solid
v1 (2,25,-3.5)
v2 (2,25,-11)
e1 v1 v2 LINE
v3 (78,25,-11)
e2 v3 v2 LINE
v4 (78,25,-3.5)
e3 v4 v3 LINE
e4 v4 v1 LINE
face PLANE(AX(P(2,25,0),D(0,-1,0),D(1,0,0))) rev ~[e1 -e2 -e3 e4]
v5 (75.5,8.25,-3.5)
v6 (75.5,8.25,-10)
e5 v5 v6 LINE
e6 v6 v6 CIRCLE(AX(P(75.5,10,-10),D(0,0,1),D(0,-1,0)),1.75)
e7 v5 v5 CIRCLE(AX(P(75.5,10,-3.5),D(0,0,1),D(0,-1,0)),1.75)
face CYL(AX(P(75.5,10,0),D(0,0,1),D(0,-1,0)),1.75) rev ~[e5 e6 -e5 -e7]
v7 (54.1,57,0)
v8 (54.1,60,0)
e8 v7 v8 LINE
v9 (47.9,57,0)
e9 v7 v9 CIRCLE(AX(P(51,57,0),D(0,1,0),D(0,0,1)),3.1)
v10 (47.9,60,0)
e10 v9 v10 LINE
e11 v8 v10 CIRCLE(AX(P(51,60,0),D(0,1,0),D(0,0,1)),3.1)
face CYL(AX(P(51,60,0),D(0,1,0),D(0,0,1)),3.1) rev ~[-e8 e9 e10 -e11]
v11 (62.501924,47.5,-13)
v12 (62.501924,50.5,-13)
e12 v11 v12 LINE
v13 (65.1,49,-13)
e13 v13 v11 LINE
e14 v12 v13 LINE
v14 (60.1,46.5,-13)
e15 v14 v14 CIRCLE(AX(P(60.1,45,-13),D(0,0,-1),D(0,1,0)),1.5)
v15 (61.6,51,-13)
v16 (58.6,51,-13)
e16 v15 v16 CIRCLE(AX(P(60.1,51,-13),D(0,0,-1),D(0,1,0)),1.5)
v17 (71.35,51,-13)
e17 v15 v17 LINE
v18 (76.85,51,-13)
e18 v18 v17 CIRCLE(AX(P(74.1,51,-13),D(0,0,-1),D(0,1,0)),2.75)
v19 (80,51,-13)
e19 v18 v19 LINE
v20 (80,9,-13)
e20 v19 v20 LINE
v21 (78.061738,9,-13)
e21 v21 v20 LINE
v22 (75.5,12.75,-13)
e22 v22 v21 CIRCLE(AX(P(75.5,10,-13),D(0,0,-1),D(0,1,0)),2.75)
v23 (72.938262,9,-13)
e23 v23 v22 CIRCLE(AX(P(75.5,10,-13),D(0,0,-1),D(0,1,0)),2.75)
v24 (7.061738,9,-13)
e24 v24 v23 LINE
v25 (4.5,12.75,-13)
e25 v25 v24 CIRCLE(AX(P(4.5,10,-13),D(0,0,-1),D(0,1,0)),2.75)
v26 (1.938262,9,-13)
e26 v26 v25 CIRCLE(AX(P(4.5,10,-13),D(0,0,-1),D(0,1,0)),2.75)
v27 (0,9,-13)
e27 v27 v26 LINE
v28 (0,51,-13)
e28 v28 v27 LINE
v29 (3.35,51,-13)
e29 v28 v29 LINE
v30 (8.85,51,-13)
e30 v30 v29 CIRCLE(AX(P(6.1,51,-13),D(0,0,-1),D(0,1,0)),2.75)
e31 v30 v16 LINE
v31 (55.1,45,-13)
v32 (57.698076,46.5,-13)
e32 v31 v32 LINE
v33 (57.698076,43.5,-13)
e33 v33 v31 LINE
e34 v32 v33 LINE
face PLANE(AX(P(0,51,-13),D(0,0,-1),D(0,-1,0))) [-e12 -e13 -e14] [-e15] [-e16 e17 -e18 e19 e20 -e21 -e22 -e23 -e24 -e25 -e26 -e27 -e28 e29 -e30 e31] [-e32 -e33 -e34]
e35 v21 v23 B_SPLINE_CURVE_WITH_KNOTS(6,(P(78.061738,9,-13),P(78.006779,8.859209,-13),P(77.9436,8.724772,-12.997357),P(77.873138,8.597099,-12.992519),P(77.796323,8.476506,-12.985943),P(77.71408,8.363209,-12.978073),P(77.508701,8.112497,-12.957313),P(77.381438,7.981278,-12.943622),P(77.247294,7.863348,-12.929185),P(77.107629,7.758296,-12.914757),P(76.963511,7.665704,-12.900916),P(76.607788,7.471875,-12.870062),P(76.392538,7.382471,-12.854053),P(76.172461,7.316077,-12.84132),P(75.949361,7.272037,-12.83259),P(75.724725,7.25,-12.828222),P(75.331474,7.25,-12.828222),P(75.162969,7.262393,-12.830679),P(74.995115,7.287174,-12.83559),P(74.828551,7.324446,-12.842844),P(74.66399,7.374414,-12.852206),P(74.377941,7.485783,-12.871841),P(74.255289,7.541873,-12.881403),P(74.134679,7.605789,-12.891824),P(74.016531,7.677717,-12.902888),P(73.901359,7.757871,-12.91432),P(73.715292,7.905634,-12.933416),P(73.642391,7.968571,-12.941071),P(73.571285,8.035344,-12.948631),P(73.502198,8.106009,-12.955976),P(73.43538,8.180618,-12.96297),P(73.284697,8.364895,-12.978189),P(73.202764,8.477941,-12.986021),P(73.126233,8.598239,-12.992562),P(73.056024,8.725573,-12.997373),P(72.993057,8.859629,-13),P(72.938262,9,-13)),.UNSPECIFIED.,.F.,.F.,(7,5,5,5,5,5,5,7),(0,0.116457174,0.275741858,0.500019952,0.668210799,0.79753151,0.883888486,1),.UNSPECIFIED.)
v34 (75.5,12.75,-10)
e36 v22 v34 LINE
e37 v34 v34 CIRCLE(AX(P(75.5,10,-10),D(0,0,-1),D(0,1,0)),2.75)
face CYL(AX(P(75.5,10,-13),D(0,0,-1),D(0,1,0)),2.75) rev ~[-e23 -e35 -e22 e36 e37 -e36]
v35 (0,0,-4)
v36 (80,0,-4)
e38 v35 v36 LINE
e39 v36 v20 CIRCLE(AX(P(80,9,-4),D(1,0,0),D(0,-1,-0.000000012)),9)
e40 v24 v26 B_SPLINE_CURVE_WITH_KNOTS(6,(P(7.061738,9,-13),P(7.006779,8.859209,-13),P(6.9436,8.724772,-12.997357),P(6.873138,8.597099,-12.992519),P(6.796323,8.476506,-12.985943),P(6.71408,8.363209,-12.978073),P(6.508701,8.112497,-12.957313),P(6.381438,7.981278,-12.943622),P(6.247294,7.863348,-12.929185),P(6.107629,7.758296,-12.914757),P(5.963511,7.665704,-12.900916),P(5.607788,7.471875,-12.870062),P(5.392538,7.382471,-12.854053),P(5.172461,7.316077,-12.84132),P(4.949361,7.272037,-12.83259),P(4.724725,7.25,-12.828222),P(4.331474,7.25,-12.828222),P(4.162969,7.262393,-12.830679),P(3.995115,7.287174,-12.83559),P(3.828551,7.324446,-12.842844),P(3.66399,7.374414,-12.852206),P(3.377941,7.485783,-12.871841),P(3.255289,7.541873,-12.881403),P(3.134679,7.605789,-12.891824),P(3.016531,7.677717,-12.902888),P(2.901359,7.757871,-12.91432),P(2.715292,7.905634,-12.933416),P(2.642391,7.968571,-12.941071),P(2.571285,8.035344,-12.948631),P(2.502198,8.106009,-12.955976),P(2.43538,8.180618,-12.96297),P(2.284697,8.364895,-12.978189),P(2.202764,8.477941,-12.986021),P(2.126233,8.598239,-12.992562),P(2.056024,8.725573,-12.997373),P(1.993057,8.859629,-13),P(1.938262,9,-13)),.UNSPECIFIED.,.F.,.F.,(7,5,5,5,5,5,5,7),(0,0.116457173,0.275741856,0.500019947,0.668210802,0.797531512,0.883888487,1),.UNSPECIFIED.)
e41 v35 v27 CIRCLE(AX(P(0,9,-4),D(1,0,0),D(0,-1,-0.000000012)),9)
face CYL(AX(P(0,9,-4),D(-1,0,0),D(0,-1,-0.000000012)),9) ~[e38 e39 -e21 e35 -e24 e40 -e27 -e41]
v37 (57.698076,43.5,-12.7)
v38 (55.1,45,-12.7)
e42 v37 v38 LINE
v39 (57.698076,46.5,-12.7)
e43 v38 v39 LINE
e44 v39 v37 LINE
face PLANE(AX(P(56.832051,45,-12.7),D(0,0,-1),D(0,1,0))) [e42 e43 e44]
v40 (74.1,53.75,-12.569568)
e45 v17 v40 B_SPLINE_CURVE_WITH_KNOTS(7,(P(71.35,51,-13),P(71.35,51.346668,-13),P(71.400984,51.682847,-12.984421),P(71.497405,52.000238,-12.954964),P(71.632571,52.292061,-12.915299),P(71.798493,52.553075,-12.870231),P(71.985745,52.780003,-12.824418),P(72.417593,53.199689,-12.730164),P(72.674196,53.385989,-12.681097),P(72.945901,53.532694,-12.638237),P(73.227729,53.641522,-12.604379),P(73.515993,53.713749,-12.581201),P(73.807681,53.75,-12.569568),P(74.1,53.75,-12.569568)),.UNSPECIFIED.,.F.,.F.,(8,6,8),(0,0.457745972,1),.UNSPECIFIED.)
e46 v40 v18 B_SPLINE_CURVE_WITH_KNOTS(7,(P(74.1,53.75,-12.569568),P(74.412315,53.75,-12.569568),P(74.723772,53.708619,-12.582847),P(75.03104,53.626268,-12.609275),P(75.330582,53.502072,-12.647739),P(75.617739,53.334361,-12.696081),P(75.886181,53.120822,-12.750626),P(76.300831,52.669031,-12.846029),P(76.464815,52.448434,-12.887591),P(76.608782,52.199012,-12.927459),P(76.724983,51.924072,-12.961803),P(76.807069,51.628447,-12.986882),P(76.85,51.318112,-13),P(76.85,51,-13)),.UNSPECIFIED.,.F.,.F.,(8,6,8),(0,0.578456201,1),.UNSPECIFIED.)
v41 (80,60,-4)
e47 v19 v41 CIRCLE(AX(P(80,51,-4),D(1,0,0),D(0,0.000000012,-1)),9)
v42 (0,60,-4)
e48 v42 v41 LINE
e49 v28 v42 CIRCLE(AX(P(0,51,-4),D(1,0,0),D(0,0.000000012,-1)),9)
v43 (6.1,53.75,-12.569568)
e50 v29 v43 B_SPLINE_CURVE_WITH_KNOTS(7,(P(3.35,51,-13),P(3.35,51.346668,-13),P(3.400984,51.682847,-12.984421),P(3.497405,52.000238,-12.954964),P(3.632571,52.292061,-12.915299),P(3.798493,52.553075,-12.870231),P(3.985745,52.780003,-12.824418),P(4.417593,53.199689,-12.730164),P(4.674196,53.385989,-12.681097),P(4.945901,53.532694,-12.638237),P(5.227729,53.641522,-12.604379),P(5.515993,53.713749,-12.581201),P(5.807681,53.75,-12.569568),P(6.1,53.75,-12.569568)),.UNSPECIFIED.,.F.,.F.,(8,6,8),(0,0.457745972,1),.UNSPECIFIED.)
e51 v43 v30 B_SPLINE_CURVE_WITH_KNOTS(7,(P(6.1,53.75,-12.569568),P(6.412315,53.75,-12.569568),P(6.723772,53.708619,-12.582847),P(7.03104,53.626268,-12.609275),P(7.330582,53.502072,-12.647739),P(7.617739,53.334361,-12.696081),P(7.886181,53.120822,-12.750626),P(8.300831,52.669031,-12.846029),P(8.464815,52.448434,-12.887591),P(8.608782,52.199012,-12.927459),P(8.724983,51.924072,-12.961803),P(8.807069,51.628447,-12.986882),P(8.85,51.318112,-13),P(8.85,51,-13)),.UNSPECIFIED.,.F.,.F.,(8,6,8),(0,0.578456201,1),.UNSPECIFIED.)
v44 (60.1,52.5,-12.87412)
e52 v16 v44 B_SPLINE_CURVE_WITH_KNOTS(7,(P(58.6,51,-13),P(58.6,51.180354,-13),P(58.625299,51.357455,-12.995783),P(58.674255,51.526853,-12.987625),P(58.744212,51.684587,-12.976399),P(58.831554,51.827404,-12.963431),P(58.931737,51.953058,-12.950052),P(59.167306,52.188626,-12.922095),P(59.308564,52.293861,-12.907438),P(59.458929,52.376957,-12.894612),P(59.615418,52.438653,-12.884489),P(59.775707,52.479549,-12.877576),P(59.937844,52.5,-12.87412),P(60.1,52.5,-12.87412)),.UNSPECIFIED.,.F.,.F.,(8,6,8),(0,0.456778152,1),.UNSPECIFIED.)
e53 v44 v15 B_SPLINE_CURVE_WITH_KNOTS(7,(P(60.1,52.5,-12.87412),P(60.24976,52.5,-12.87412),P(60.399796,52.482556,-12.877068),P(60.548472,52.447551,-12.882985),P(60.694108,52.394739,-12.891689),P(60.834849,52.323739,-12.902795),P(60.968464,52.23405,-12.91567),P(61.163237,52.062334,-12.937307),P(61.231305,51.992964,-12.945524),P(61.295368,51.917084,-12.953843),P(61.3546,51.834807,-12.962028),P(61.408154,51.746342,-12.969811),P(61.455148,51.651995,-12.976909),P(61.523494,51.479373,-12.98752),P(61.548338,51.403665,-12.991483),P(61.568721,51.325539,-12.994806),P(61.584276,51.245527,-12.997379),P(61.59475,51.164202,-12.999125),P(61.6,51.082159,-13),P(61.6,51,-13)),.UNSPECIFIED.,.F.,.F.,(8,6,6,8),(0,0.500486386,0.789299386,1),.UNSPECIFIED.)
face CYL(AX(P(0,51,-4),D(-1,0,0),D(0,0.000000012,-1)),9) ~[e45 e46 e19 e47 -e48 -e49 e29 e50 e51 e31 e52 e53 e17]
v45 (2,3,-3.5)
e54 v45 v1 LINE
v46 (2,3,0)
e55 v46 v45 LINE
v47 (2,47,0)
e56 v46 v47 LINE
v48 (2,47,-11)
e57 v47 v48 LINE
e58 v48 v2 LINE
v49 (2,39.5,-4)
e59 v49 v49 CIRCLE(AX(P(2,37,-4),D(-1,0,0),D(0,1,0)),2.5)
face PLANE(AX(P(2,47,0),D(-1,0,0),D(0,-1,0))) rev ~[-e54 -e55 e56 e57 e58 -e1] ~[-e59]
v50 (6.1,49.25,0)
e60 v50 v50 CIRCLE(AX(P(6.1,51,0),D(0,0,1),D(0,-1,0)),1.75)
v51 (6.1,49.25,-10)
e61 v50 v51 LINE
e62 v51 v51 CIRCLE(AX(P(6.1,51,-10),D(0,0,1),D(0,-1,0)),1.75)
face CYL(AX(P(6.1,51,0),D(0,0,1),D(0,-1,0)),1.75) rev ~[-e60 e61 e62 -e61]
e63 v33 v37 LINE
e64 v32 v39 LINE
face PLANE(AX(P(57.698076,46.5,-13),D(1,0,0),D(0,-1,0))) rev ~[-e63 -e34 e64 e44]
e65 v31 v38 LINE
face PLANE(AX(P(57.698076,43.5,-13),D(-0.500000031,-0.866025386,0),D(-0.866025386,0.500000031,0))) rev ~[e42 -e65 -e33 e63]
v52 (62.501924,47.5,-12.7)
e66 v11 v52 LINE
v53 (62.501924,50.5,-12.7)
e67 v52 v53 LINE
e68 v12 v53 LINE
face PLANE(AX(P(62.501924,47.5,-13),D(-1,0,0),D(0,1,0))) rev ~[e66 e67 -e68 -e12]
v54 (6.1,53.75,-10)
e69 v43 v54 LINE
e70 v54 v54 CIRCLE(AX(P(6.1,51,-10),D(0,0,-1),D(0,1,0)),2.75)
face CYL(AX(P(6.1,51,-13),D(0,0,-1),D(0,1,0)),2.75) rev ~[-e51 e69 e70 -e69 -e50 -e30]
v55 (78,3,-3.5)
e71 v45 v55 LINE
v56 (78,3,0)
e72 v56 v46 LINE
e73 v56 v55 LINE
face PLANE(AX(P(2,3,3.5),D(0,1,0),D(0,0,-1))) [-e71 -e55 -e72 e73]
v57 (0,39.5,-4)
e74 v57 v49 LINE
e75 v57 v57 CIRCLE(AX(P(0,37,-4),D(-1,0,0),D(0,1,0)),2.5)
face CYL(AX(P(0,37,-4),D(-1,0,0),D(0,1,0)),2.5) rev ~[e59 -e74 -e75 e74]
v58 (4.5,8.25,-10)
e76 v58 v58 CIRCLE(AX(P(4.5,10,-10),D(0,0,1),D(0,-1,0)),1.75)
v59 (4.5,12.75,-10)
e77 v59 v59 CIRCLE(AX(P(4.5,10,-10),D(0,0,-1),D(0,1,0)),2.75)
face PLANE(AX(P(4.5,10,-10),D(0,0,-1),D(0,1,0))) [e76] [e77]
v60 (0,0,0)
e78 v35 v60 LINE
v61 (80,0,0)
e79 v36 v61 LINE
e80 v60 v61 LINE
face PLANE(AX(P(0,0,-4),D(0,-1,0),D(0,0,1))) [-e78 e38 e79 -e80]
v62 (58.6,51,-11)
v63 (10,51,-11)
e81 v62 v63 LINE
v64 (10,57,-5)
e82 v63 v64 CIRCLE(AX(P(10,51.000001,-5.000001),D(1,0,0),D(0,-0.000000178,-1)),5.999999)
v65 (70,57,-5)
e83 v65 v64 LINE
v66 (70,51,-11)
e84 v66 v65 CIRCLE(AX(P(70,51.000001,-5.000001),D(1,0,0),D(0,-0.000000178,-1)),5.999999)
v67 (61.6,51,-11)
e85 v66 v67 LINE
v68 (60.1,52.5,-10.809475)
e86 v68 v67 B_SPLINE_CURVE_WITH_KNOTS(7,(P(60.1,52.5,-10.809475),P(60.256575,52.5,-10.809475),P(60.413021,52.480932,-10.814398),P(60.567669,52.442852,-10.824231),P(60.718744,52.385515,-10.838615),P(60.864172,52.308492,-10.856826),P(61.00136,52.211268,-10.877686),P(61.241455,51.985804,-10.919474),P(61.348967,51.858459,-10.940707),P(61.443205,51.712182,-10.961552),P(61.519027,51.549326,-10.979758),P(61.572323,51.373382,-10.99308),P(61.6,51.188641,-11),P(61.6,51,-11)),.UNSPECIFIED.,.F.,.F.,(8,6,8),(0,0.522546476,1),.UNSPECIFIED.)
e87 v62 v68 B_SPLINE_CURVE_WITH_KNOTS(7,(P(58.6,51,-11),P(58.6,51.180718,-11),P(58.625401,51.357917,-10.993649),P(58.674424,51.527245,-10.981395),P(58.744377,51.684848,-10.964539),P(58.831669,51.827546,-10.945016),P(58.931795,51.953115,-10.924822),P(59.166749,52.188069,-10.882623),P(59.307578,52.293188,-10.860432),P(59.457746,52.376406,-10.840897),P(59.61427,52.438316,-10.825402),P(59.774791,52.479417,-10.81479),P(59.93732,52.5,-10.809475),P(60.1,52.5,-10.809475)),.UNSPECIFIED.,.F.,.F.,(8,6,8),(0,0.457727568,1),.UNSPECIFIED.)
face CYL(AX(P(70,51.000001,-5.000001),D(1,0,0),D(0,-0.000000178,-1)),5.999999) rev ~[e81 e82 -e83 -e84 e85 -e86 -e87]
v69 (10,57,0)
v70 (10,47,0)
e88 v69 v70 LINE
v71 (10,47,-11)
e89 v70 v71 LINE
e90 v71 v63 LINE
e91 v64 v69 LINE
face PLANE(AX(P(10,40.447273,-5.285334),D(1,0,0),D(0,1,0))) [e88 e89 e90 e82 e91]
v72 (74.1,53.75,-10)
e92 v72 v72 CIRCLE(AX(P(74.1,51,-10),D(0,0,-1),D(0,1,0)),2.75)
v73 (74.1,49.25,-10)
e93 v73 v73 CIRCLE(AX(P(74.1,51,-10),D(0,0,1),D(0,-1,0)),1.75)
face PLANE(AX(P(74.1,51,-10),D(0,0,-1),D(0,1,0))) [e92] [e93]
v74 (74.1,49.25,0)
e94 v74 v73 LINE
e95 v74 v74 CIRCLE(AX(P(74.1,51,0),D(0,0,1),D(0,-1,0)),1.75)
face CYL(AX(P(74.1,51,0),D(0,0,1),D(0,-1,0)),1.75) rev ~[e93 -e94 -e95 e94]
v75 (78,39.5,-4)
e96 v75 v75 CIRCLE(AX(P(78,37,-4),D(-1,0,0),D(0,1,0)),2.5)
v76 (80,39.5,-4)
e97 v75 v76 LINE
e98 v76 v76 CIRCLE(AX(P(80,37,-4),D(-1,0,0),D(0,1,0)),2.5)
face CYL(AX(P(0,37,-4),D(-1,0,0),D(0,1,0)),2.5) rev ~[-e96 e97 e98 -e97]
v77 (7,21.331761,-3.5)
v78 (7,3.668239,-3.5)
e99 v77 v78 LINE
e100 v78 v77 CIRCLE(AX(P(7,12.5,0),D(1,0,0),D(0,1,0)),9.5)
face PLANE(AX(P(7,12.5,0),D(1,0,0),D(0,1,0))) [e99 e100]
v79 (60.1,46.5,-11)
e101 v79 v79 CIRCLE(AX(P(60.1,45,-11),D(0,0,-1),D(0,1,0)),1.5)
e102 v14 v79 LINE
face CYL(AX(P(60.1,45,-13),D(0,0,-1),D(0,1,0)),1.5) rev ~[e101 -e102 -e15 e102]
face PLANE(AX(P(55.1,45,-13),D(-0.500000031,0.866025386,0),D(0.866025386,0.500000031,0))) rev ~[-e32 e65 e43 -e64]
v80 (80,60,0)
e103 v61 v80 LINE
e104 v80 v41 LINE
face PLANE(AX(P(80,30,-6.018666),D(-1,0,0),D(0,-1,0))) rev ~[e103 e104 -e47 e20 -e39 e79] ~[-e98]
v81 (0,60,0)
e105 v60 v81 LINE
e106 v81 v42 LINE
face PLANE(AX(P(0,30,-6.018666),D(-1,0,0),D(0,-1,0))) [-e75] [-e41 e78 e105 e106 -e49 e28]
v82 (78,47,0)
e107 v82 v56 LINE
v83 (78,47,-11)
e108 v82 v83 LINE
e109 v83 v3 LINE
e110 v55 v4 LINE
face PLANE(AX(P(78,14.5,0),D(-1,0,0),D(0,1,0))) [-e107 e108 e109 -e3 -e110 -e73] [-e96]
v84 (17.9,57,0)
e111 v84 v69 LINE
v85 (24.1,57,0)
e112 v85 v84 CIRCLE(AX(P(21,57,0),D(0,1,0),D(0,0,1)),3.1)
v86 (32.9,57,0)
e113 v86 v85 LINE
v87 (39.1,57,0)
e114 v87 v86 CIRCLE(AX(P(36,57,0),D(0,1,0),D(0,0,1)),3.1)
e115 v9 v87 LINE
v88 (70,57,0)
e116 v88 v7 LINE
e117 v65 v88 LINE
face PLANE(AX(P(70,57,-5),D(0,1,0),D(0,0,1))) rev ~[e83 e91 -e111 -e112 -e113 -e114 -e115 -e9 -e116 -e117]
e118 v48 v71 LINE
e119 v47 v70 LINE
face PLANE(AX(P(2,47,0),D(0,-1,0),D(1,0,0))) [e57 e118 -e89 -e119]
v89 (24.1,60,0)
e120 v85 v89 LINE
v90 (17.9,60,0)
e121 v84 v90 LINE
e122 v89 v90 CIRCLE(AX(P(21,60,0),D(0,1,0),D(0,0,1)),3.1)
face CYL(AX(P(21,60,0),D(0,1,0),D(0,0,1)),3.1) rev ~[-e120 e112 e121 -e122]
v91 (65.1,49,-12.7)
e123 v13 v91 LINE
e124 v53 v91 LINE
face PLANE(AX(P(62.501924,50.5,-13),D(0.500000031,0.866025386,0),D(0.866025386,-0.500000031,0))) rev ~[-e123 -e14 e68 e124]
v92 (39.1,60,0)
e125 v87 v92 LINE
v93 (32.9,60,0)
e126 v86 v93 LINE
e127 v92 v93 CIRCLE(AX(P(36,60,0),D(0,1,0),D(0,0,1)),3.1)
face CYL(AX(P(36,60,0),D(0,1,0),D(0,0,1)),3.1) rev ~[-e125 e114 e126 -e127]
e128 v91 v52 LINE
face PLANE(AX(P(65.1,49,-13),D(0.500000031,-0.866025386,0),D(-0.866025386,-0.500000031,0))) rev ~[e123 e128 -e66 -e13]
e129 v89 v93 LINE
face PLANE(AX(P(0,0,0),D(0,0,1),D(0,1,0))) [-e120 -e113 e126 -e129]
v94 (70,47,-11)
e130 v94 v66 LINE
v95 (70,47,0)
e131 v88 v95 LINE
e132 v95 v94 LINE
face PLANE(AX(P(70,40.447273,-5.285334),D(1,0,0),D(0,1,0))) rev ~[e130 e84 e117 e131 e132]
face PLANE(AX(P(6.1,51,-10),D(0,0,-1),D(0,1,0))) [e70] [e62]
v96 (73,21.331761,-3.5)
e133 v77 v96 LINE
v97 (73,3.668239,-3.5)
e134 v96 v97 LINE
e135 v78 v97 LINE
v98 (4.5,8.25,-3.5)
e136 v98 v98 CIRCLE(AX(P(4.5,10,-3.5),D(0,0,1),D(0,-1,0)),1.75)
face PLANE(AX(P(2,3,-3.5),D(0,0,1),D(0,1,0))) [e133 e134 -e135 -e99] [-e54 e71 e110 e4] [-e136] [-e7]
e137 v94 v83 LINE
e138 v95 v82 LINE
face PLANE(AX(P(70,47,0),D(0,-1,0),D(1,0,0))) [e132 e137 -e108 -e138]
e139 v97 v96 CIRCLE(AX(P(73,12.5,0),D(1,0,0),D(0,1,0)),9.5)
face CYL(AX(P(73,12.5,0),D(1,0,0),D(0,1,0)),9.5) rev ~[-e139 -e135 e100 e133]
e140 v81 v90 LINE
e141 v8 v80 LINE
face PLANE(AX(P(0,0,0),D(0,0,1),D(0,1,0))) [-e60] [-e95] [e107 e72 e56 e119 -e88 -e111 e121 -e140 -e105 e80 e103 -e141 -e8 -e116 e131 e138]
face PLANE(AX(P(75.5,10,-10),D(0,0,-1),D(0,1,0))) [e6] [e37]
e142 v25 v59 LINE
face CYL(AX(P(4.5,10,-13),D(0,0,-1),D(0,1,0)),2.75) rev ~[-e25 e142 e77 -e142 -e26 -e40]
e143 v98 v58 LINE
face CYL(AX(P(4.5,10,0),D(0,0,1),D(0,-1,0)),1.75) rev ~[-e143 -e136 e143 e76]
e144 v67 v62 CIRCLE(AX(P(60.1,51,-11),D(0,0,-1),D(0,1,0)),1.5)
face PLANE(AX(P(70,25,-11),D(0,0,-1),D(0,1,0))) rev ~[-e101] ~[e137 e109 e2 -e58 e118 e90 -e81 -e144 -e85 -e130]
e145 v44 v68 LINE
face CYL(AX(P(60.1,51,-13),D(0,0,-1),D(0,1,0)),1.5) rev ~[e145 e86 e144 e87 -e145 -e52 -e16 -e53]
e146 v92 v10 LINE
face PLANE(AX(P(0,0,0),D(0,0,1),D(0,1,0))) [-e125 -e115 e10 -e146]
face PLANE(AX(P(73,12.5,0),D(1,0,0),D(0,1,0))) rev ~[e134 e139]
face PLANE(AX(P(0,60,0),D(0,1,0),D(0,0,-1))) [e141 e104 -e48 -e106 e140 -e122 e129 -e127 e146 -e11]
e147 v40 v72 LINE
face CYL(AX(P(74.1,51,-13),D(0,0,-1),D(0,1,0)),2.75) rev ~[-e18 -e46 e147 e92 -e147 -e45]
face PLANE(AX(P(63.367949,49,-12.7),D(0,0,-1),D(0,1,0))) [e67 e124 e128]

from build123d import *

# Parameters (mm, degrees)
PAD_DEPTH       = 80
POCKET_START    = -7
SKETCH001_R     = 9.5
POCKET_DEPTH    = 66
SKETCH007_R     = 3.1
POCKET005_DEPTH = 5
POCKET006_START = -10
POCKET006_DEPTH = 60
SKETCH009_R     = 1.75
POCKET007_DEPTH = 13.001
SKETCH010_W     = 22
SKETCH010_H     = 8
POCKET008_DEPTH = 11
SKETCH011_R     = 1.5
POCKET009_DEPTH = 5
SKETCH012_R     = 2.75
POCKET010_DEPTH = 3
SKETCH013_R     = 2.5
POCKET011_DEPTH = 80.001
POCKET012_START = -2
SKETCH014_W     = 23
SKETCH014_H     = 7
POCKET012_DEPTH = 76
POCKET013_DEPTH = 0.3
POCKET014_DEPTH = 0.3


with BuildPart() as part:
    # Sketch → Pad (new body)
    with BuildSketch(Plane.YZ):
        with BuildLine():
            Line((0, 0), (60, 0))
            Line((60, 0), (60, -4))
            ThreePointArc((51, -13), (57.363961, -10.363961), (60, -4))
            Line((51, -13), (9, -13))
            ThreePointArc((0, -4), (2.636039, -10.363961), (9, -13))
            Line((0, -4), (0, 0))
        make_face()
    extrude(amount=PAD_DEPTH)

    # Sketch001 (on Face8 of Pad) → Pocket (cut)
    with BuildSketch(Plane.YZ.offset(80).offset(POCKET_START)):
        with Locations((12.5, 0)):
            Circle(SKETCH001_R)
    extrude(amount=-POCKET_DEPTH, mode=Mode.SUBTRACT)

    # Sketch007 → Pocket005 (cut)
    with BuildSketch(Plane.ZX.offset(60)):
        with Locations((0, 51)):
            Circle(SKETCH007_R)
        with Locations((0, 36)):
            Circle(SKETCH007_R)
        with Locations((0, 21)):
            Circle(SKETCH007_R)
    extrude(amount=-POCKET005_DEPTH, mode=Mode.SUBTRACT)

    # Sketch008 (on Face5 of Pocket005) → Pocket006 (cut)
    with BuildSketch(Plane.YZ.offset(80).offset(POCKET006_START)):
        with BuildLine():
            Line((57, 0), (25, 0))
            Line((25, 0), (25, -11))
            Line((25, -11), (51, -11))
            ThreePointArc((51, -11), (55.242641, -9.242641), (57, -5))
            Line((57, -5), (57, 0))
        make_face()
    extrude(amount=-POCKET006_DEPTH, mode=Mode.SUBTRACT)

    # Sketch009 (on Face3 of Pocket006) → Pocket007 (cut, through all)
    with BuildSketch(Plane(origin=(0, 0, 0), x_dir=(0, -1, 0), z_dir=(0, 0, 1))):
        with Locations((-51, 74.1)):
            Circle(SKETCH009_R)
        with Locations((-10, 75.5)):
            Circle(SKETCH009_R)
        with Locations((-51, 6.1)):
            Circle(SKETCH009_R)
        with Locations((-10, 4.5)):
            Circle(SKETCH009_R)
    extrude(amount=-POCKET007_DEPTH, mode=Mode.SUBTRACT)

    # Sketch010 (on Face3 of Pocket007) → Pocket008 (cut)
    with BuildSketch(Plane(origin=(0, 0, 0), x_dir=(0, -1, 0), z_dir=(0, 0, 1))):
        with Locations((-36, 74)):
            Rectangle(SKETCH010_W, SKETCH010_H)
        with Locations((-36, 6)):
            Rectangle(SKETCH010_W, SKETCH010_H)
    extrude(amount=-POCKET008_DEPTH, mode=Mode.SUBTRACT)

    # Sketch011 (on Face6 of Pocket008) → Pocket009 (cut)
    with BuildSketch(Plane.YX.offset(13)):
        with Locations((51, 60.1)):
            Circle(SKETCH011_R)
        with Locations((45, 60.1)):
            Circle(SKETCH011_R)
    extrude(amount=-POCKET009_DEPTH, mode=Mode.SUBTRACT)

    # Sketch012 (on Face6 of Pocket009) → Pocket010 (cut)
    with BuildSketch(Plane.YX.offset(13)):
        with Locations((51, 6.1)):
            Circle(SKETCH012_R)
        with Locations((10, 4.5)):
            Circle(SKETCH012_R)
        with Locations((10, 75.5)):
            Circle(SKETCH012_R)
        with Locations((51, 74.1)):
            Circle(SKETCH012_R)
    extrude(amount=-POCKET010_DEPTH, mode=Mode.SUBTRACT)

    # Sketch013 (on Face4 of Pocket010) → Pocket011 (cut, through all)
    with BuildSketch(Plane(origin=(0, 0, 0), x_dir=(0, 1, 0), z_dir=(-1, 0, 0))):
        with Locations((37, 4)):
            Circle(SKETCH013_R)
    extrude(amount=-POCKET011_DEPTH, mode=Mode.SUBTRACT)

    # Sketch014 (on Face4 of Pocket011) → Pocket012 (cut)
    with BuildSketch(Plane(origin=(0, 0, 0), x_dir=(0, 1, 0), z_dir=(-1, 0, 0)).offset(POCKET012_START)):
        with Locations((14.5, 0)):
            Rectangle(SKETCH014_W, SKETCH014_H)
    extrude(amount=-POCKET012_DEPTH, mode=Mode.SUBTRACT)

    # Sketch015 (on Face6 of Pocket012) → Pocket013 (cut)
    with BuildSketch(Plane.YX.offset(13)):
        Polygon((43.5, 57.698076), (45, 55.1), (46.5, 57.698076), align=None)
    extrude(amount=-POCKET013_DEPTH, mode=Mode.SUBTRACT)

    # Sketch016 (on Face6 of Pocket013) → Pocket014 (cut)
    with BuildSketch(Plane.YX.offset(13)):
        Polygon((47.5, 62.501924), (50.5, 62.501924), (49, 65.1), align=None)
    extrude(amount=-POCKET014_DEPTH, mode=Mode.SUBTRACT)


solid = part.part
